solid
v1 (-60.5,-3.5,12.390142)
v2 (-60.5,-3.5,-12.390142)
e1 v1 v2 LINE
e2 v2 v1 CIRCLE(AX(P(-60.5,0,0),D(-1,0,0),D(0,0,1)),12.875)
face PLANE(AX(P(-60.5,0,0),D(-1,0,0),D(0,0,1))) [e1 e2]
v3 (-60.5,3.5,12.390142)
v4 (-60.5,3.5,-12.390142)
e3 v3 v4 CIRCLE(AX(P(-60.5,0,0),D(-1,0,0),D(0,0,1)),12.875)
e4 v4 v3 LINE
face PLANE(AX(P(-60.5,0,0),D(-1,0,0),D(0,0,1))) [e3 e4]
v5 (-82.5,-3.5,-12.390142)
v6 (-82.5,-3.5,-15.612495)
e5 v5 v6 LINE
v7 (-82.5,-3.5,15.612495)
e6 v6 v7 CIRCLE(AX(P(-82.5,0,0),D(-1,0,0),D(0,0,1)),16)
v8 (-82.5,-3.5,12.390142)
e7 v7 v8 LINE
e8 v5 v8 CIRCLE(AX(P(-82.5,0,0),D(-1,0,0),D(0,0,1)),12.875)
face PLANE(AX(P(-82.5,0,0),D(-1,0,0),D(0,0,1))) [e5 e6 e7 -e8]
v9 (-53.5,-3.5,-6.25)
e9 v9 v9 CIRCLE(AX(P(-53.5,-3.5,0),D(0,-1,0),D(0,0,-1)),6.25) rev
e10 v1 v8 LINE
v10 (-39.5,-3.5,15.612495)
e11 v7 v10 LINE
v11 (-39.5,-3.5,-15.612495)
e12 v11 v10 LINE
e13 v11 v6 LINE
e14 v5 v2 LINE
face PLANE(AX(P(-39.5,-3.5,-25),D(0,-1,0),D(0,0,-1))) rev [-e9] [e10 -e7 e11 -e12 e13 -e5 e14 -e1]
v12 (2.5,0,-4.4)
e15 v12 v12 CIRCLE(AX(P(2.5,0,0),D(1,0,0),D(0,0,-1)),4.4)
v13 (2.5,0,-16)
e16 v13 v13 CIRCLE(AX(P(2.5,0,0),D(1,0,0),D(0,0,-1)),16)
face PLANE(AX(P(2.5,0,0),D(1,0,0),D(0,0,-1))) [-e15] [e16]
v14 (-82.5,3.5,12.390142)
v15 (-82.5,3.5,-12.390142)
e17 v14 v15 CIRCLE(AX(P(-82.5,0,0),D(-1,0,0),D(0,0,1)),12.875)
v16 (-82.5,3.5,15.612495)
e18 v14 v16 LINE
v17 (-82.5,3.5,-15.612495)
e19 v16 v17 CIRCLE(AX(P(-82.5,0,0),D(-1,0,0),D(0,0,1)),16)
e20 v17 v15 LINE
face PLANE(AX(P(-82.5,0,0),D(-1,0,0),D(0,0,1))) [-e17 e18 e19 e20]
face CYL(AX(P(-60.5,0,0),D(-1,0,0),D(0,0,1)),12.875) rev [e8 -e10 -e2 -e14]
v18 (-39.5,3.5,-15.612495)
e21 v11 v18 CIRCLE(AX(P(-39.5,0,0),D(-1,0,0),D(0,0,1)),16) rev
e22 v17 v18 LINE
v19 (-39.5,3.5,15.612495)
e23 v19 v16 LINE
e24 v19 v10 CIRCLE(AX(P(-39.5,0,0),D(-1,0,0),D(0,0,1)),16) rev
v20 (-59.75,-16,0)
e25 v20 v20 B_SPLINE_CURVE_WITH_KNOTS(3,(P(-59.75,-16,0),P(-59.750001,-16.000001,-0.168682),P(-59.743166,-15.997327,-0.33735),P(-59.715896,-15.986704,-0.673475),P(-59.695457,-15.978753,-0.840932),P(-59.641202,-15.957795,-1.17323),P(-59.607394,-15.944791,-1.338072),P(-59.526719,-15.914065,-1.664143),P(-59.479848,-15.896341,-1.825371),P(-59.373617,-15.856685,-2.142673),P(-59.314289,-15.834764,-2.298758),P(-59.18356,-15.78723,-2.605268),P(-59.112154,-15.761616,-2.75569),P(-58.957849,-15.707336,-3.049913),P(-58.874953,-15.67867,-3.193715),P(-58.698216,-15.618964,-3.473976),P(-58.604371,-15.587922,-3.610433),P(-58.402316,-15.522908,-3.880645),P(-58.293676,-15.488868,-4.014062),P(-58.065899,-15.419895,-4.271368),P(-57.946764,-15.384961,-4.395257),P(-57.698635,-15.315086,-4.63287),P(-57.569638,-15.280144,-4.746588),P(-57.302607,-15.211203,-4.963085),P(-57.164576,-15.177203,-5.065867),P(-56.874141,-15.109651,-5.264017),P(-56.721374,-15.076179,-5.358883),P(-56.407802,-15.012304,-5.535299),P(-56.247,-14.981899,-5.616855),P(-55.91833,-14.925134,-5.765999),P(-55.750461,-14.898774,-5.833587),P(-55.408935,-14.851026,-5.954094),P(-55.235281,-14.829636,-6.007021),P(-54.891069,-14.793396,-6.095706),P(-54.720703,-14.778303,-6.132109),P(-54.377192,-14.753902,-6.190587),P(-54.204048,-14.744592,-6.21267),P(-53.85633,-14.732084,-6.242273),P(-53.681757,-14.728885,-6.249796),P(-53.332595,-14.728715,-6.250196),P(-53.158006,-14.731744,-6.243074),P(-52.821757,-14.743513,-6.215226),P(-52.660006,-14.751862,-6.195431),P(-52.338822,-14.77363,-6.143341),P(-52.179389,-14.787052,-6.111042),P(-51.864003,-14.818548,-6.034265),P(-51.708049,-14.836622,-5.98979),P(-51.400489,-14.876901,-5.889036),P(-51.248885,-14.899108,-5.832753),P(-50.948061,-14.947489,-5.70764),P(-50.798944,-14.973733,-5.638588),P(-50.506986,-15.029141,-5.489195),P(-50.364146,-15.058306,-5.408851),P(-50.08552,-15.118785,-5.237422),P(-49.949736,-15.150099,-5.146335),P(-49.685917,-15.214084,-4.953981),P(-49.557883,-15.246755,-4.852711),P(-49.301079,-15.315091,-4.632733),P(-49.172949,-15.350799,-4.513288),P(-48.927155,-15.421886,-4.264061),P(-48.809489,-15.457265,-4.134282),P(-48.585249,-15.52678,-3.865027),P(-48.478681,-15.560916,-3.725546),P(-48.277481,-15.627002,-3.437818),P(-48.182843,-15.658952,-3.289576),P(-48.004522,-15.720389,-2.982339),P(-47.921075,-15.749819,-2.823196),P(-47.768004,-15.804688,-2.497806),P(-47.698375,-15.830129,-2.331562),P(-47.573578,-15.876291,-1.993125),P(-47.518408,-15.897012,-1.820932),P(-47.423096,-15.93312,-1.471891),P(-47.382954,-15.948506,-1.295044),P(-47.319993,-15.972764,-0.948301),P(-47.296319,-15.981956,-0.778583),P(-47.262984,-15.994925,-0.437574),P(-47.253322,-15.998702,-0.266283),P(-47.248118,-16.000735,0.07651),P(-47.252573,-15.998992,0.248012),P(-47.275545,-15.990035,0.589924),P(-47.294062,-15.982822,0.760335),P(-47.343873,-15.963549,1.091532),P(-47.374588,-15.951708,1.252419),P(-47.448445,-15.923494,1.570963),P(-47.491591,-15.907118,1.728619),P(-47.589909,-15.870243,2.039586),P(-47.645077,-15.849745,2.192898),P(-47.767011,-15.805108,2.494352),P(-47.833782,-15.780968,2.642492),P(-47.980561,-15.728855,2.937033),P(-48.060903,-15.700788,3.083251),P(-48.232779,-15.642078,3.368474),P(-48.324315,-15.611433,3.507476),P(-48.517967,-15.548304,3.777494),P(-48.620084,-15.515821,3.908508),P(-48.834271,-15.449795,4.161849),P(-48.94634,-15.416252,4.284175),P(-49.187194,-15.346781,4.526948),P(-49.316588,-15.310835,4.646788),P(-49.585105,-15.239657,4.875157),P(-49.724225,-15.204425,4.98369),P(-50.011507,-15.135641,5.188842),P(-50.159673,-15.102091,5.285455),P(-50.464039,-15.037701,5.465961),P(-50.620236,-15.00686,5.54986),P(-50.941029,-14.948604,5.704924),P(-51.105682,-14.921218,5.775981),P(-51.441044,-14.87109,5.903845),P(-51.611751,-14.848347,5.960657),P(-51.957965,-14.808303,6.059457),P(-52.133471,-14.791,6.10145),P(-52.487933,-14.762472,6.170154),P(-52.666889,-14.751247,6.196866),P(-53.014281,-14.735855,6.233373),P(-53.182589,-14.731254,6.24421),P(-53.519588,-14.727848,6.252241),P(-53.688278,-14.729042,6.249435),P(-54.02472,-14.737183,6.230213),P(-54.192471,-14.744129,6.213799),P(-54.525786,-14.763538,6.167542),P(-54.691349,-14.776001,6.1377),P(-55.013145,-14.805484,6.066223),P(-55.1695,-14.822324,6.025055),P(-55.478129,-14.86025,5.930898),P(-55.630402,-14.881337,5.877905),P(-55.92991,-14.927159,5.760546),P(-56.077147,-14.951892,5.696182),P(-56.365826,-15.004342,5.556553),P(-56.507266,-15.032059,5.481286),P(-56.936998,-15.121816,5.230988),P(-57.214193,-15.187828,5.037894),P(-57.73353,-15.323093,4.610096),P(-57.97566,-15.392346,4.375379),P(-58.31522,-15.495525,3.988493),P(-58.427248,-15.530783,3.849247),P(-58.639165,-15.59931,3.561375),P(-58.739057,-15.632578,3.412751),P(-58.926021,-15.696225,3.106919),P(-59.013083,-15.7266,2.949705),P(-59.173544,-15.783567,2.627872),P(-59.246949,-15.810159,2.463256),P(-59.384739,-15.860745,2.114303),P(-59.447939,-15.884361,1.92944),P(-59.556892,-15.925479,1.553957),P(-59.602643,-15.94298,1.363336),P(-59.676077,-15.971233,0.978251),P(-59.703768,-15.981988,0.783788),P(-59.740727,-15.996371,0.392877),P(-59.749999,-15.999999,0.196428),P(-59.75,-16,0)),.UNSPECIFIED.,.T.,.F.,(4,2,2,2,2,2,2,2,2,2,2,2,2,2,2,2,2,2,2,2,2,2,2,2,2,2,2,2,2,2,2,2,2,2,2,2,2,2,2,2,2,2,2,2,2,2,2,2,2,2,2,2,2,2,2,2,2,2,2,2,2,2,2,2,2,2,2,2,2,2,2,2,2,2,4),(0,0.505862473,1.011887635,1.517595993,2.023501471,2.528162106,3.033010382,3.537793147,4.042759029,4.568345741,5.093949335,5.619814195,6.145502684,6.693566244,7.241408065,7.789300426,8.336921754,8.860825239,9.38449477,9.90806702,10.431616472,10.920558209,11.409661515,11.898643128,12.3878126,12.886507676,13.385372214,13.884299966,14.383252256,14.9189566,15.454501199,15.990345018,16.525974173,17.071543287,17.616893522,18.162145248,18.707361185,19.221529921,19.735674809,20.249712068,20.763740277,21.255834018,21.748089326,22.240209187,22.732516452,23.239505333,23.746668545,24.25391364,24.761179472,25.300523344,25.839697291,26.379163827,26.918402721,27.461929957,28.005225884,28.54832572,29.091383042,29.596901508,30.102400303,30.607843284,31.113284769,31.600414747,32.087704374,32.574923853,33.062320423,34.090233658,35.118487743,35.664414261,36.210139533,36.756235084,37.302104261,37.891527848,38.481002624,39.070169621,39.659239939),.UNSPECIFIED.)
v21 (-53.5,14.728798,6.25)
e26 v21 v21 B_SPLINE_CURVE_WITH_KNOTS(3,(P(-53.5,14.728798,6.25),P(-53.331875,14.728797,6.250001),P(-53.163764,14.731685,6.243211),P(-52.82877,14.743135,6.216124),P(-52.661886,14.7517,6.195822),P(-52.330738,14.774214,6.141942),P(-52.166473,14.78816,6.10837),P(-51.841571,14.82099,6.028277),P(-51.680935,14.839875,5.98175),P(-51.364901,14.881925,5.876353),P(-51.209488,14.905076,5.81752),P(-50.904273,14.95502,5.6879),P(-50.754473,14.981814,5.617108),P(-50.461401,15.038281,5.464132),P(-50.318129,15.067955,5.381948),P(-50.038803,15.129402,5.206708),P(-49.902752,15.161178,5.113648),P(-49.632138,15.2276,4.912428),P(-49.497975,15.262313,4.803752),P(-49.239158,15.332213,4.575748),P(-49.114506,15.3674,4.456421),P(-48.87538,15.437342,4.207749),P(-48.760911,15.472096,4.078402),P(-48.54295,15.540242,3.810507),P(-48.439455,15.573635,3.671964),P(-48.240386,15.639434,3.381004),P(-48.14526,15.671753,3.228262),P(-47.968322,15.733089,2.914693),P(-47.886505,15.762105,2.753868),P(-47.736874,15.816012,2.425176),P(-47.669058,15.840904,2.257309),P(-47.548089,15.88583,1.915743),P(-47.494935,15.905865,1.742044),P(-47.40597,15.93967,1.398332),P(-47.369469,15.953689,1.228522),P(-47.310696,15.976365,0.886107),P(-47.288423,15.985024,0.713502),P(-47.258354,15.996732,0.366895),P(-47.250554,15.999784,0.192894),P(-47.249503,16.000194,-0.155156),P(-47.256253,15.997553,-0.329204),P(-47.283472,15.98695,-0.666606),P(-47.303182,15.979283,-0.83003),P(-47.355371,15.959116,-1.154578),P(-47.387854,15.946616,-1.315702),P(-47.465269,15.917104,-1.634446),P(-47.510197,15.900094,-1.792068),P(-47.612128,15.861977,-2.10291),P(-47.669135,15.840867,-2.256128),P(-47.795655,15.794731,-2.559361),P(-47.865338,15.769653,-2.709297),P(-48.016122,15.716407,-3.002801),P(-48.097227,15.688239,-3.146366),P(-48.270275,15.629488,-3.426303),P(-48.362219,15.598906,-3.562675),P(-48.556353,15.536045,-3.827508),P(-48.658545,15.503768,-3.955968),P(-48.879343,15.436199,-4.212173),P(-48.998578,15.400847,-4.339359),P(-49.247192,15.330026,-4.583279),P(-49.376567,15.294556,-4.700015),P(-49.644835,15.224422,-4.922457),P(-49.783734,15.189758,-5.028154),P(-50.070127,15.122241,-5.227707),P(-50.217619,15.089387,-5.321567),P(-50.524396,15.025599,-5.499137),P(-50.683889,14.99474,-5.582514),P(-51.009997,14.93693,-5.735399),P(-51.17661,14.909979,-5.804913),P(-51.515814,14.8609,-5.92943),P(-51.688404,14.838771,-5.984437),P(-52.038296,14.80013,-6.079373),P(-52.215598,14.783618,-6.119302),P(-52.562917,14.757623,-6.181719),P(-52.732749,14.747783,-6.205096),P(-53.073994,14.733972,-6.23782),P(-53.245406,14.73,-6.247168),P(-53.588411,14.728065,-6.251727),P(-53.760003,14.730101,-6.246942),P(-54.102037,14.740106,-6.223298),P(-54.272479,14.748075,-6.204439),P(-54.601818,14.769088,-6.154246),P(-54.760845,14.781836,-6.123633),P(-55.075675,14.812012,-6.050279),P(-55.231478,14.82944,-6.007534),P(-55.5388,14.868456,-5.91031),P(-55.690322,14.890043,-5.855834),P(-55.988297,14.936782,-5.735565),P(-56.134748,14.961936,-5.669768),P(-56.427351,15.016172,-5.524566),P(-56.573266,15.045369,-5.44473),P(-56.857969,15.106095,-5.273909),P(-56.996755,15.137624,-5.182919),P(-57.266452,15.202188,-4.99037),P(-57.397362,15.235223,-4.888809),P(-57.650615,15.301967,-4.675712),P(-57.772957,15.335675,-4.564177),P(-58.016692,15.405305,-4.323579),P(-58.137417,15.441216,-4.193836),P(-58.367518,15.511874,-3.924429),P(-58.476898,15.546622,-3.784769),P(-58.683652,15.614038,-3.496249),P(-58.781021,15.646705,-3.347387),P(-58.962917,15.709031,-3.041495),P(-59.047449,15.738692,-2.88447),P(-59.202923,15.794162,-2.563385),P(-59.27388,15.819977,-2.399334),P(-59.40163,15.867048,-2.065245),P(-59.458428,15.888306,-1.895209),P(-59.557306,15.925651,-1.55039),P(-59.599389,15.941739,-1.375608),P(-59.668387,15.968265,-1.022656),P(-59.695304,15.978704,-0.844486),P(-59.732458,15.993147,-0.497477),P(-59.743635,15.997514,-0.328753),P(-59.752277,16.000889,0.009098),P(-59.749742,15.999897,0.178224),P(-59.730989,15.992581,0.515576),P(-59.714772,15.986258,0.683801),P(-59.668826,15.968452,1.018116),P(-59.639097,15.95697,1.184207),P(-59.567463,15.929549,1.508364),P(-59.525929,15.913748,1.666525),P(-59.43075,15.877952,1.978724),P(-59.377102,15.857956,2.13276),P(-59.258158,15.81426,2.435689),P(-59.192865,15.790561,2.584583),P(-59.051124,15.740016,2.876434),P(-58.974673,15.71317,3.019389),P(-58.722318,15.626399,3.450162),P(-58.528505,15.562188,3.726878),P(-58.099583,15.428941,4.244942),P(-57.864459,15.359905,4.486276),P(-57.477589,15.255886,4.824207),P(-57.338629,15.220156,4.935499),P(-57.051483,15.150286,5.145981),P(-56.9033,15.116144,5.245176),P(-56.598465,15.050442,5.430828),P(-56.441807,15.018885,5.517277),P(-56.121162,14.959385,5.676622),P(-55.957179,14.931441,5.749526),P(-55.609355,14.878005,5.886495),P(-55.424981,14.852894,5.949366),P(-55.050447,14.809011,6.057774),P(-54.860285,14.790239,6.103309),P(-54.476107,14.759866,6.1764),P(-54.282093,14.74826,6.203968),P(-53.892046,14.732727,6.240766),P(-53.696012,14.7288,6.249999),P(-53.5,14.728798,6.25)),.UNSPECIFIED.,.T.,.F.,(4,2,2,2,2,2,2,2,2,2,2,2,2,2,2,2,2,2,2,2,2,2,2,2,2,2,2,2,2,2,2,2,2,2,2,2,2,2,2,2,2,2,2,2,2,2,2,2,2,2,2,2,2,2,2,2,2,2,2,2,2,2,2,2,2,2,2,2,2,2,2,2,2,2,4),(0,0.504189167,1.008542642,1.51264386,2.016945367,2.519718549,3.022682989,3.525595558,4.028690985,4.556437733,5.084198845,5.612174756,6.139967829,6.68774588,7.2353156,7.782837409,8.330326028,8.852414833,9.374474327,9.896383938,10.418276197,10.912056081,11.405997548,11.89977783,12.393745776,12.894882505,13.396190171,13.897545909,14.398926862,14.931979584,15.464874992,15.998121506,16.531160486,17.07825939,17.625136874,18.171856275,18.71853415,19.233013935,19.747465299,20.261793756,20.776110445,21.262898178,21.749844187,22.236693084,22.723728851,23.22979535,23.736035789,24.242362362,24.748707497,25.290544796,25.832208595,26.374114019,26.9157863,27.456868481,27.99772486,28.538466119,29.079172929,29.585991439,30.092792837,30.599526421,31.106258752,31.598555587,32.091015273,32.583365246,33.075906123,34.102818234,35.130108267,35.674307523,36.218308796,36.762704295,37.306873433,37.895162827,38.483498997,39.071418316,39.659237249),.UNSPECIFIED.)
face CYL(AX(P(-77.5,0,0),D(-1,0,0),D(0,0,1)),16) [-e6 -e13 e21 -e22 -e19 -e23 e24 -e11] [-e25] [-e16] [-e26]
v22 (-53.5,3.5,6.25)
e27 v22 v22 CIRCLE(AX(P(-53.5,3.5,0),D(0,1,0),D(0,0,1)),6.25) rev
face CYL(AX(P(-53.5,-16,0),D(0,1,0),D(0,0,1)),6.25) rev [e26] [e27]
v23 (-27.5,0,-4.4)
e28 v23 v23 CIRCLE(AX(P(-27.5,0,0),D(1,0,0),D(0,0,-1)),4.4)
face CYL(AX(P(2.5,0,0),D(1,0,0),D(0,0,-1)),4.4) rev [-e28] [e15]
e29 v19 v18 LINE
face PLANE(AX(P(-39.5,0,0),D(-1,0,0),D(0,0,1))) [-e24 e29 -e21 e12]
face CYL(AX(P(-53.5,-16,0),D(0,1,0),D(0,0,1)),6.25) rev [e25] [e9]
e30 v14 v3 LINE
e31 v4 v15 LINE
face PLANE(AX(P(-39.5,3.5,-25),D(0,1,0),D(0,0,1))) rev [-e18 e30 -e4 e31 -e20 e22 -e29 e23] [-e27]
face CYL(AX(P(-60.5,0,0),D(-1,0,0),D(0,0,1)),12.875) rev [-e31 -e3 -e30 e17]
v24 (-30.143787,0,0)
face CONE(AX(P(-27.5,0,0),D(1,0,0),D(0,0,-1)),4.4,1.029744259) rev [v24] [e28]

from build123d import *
from build123d.topology import SkipClean

# Parameters (mm, degrees)
SKETCH1_W                   = 155
SKETCH1_H                   = 16
CUT_EXTRUDE1_DEPTH          = 81.735679845
CUT_EXTRUDE1_DEPTH_BACK     = 81.735679845
SKETCH2_R                   = 6.25
SKETCH4_W                   = 50
SKETCH4_H                   = 7
CUT_EXTRUDE3_DEPTH          = 38
BOSS_EXTRUDE1_DEPTH         = 5
SKETCH24_R                  = 12.875
CUT_EXTRUDE12_DEPTH         = 22
SKETCH12_R                  = 16
SKETCH12_R_2                = 10
CUT_EXTRUDE6_DEPTH          = 35
SKETCH13_R                  = 6
BOSS_EXTRUDE2_DEPTH         = 15
CHAMFER2_SIZE               = 0.5
SKETCH17_R                  = 16
SKETCH17_R_2                = 12.5
CUT_EXTRUDE9_DEPTH          = 75
SKETCH14_W                  = 1
SKETCH14_H                  = 1
BOSS_EXTRUDE3_DEPTH         = 35
CIRPATTERN1_COUNT           = 32
CUT_EXTRUDE10_DEPTH         = 96.227359548
CUT_EXTRUDE10_DEPTH_BACK    = 96.227359548
SKETCH20_W                  = 129.677908588
SKETCH20_H                  = 32
BOSS_EXTRUDE4_START         = 30
SKETCH22_R                  = 16
BOSS_EXTRUDE4_DEPTH         = 30
M10X1_25_TAPPED_HOLE1_D     = 8.8
M10X1_25_TAPPED_HOLE1_DEPTH = 30
M10X1_25_TAPPED_HOLE1_TIP   = 2.643786724


with BuildPart() as part:
    # Sketch1 → Revolve1 (revolve)
    with BuildSketch(Plane(origin=(0, 0, 0), x_dir=(1, 0, 0), z_dir=(0, 1, 0))):
        with Locations((0, -8)):
            Rectangle(SKETCH1_W, SKETCH1_H)
    revolve(axis=Axis((-77.5, 0, 0), (1, 0, 0)))

    # Sketch2 → Cut-Extrude1 (cut, two sides: drawn at the far end of the back side and taken through both)
    with BuildSketch(Plane(origin=(0, 0, 0), x_dir=(1, 0, 0), z_dir=(0, 1, 0)).offset(-CUT_EXTRUDE1_DEPTH_BACK)):
        with Locations(Location((-53.5, 0, 0), (0, 0, 270))):
            Circle(SKETCH2_R)
    extrude(amount=CUT_EXTRUDE1_DEPTH + CUT_EXTRUDE1_DEPTH_BACK, mode=Mode.SUBTRACT)

    # Sketch4 → Cut-Extrude3 (cut)
    with BuildSketch(Plane.ZY.offset(77.5)):
        Rectangle(SKETCH4_W, SKETCH4_H)
    extrude(amount=-CUT_EXTRUDE3_DEPTH, mode=Mode.SUBTRACT)

    # Sketch6 → Boss-Extrude1 (add)
    with BuildSketch(Plane.ZY.offset(77.5)):
        with BuildLine():
            Line((-15.612494996, 3.5), (15.612494996, 3.5))
            ThreePointArc((15.612494996, 3.5), (0, 16), (-15.612494996, 3.5))
        make_face()
        with BuildLine():
            Line((15.612494996, -3.5), (-15.612494996, -3.5))
            ThreePointArc((-15.612494996, -3.5), (0, -16), (15.612494996, -3.5))
        make_face()
    extrude(amount=BOSS_EXTRUDE1_DEPTH)

    # Sketch24 → Cut-Extrude12 (cut)
    with BuildSketch(Plane.ZY.offset(82.5)):
        Circle(SKETCH24_R)
    extrude(amount=-CUT_EXTRUDE12_DEPTH, mode=Mode.SUBTRACT)

    # Sketch12 → Cut-Extrude6 (cut)
    with BuildSketch(Plane(origin=(77.5, 0, 0), x_dir=(0, 0, -1), z_dir=(1, 0, 0))):
        with Locations(Location((0, 0, 0), (0, 0, 167.364374907))):
            Circle(SKETCH12_R)
        Circle(SKETCH12_R_2, mode=Mode.SUBTRACT)
    extrude(amount=-CUT_EXTRUDE6_DEPTH, mode=Mode.SUBTRACT)

    # Sketch13 → Boss-Extrude2 (add)
    with BuildSketch(Plane(origin=(77.5, 0, 0), x_dir=(0, 0, -1), z_dir=(1, 0, 0))):
        Circle(SKETCH13_R)
    extrude(amount=BOSS_EXTRUDE2_DEPTH)

    # Chamfer2
    chamfer2_edges = [part.edges().sort_by_distance(p)[0] for p in [
        (92.5, 0, 6),
    ]]
    chamfer(chamfer2_edges, length=CHAMFER2_SIZE)

    # Sketch17 → Cut-Extrude9 (cut)
    with BuildSketch(Plane(origin=(47.5, 0, 0), x_dir=(0, 0, -1), z_dir=(1, 0, 0))):
        with Locations(Location((0, 0, 0), (0, 0, 167.364374907))):
            Circle(SKETCH17_R)
        Circle(SKETCH17_R_2, mode=Mode.SUBTRACT)
    extrude(amount=-CUT_EXTRUDE9_DEPTH, mode=Mode.SUBTRACT)

    # Sketch14 → Boss-Extrude3 (add)
    with SkipClean():  # the faces are left unmerged after this step: merging them gives an invalid solid
        with BuildSketch(Plane(origin=(77.5, 0, 0), x_dir=(0, 0, -1), z_dir=(1, 0, 0))):
            with Locations((0, 10)):
                Rectangle(SKETCH14_W, SKETCH14_H)
        boss_extrude3 = extrude(amount=-BOSS_EXTRUDE3_DEPTH)

    # CirPattern1: Boss-Extrude3 ×32 about axis
    with SkipClean():  # the faces are left unmerged after this step: merging them gives an invalid solid
        cirpattern1_axis = Axis((0, 0, 0), (1, 0, 0))
        for i in range(1, CIRPATTERN1_COUNT):
            add(boss_extrude3.rotate(cirpattern1_axis, i * 360 / CIRPATTERN1_COUNT))

    # Sketch20 → Cut-Extrude10 (cut, two sides: drawn at the far end of the back side and taken through both)
    with BuildSketch(Plane(origin=(0, 0, 0), x_dir=(1, 0, 0), z_dir=(0, 1, 0)).offset(-CUT_EXTRUDE10_DEPTH_BACK)):
        with Locations((37.338954294, 0)):
            Rectangle(SKETCH20_W, SKETCH20_H)
    extrude(amount=CUT_EXTRUDE10_DEPTH + CUT_EXTRUDE10_DEPTH_BACK, mode=Mode.SUBTRACT)

    # Sketch22 → Boss-Extrude4 (add)
    with SkipClean():  # the faces are left unmerged after this step: merging them gives an invalid solid
        with BuildSketch(Plane(origin=(-27.5, 0, 0), x_dir=(0, 0, -1), z_dir=(1, 0, 0)).offset(BOSS_EXTRUDE4_START)):
            with Locations(Location((0, 0, 0), (0, 0, 167.364374907))):
                Circle(SKETCH22_R)
        extrude(amount=-BOSS_EXTRUDE4_DEPTH)

    # M10x1.25 Tapped Hole1
    with Locations(Plane(origin=(2.5, 0, 0), x_dir=(0, 0, -1), z_dir=(1, 0, 0))):
        with Locations((0, 0)):
            Hole(M10X1_25_TAPPED_HOLE1_D / 2, depth=M10X1_25_TAPPED_HOLE1_DEPTH)
            with Locations((0, 0, -(M10X1_25_TAPPED_HOLE1_DEPTH + M10X1_25_TAPPED_HOLE1_TIP / 2))):  # 118° drill point
                Cone(0, M10X1_25_TAPPED_HOLE1_D / 2, M10X1_25_TAPPED_HOLE1_TIP, mode=Mode.SUBTRACT)


solid = part.part
